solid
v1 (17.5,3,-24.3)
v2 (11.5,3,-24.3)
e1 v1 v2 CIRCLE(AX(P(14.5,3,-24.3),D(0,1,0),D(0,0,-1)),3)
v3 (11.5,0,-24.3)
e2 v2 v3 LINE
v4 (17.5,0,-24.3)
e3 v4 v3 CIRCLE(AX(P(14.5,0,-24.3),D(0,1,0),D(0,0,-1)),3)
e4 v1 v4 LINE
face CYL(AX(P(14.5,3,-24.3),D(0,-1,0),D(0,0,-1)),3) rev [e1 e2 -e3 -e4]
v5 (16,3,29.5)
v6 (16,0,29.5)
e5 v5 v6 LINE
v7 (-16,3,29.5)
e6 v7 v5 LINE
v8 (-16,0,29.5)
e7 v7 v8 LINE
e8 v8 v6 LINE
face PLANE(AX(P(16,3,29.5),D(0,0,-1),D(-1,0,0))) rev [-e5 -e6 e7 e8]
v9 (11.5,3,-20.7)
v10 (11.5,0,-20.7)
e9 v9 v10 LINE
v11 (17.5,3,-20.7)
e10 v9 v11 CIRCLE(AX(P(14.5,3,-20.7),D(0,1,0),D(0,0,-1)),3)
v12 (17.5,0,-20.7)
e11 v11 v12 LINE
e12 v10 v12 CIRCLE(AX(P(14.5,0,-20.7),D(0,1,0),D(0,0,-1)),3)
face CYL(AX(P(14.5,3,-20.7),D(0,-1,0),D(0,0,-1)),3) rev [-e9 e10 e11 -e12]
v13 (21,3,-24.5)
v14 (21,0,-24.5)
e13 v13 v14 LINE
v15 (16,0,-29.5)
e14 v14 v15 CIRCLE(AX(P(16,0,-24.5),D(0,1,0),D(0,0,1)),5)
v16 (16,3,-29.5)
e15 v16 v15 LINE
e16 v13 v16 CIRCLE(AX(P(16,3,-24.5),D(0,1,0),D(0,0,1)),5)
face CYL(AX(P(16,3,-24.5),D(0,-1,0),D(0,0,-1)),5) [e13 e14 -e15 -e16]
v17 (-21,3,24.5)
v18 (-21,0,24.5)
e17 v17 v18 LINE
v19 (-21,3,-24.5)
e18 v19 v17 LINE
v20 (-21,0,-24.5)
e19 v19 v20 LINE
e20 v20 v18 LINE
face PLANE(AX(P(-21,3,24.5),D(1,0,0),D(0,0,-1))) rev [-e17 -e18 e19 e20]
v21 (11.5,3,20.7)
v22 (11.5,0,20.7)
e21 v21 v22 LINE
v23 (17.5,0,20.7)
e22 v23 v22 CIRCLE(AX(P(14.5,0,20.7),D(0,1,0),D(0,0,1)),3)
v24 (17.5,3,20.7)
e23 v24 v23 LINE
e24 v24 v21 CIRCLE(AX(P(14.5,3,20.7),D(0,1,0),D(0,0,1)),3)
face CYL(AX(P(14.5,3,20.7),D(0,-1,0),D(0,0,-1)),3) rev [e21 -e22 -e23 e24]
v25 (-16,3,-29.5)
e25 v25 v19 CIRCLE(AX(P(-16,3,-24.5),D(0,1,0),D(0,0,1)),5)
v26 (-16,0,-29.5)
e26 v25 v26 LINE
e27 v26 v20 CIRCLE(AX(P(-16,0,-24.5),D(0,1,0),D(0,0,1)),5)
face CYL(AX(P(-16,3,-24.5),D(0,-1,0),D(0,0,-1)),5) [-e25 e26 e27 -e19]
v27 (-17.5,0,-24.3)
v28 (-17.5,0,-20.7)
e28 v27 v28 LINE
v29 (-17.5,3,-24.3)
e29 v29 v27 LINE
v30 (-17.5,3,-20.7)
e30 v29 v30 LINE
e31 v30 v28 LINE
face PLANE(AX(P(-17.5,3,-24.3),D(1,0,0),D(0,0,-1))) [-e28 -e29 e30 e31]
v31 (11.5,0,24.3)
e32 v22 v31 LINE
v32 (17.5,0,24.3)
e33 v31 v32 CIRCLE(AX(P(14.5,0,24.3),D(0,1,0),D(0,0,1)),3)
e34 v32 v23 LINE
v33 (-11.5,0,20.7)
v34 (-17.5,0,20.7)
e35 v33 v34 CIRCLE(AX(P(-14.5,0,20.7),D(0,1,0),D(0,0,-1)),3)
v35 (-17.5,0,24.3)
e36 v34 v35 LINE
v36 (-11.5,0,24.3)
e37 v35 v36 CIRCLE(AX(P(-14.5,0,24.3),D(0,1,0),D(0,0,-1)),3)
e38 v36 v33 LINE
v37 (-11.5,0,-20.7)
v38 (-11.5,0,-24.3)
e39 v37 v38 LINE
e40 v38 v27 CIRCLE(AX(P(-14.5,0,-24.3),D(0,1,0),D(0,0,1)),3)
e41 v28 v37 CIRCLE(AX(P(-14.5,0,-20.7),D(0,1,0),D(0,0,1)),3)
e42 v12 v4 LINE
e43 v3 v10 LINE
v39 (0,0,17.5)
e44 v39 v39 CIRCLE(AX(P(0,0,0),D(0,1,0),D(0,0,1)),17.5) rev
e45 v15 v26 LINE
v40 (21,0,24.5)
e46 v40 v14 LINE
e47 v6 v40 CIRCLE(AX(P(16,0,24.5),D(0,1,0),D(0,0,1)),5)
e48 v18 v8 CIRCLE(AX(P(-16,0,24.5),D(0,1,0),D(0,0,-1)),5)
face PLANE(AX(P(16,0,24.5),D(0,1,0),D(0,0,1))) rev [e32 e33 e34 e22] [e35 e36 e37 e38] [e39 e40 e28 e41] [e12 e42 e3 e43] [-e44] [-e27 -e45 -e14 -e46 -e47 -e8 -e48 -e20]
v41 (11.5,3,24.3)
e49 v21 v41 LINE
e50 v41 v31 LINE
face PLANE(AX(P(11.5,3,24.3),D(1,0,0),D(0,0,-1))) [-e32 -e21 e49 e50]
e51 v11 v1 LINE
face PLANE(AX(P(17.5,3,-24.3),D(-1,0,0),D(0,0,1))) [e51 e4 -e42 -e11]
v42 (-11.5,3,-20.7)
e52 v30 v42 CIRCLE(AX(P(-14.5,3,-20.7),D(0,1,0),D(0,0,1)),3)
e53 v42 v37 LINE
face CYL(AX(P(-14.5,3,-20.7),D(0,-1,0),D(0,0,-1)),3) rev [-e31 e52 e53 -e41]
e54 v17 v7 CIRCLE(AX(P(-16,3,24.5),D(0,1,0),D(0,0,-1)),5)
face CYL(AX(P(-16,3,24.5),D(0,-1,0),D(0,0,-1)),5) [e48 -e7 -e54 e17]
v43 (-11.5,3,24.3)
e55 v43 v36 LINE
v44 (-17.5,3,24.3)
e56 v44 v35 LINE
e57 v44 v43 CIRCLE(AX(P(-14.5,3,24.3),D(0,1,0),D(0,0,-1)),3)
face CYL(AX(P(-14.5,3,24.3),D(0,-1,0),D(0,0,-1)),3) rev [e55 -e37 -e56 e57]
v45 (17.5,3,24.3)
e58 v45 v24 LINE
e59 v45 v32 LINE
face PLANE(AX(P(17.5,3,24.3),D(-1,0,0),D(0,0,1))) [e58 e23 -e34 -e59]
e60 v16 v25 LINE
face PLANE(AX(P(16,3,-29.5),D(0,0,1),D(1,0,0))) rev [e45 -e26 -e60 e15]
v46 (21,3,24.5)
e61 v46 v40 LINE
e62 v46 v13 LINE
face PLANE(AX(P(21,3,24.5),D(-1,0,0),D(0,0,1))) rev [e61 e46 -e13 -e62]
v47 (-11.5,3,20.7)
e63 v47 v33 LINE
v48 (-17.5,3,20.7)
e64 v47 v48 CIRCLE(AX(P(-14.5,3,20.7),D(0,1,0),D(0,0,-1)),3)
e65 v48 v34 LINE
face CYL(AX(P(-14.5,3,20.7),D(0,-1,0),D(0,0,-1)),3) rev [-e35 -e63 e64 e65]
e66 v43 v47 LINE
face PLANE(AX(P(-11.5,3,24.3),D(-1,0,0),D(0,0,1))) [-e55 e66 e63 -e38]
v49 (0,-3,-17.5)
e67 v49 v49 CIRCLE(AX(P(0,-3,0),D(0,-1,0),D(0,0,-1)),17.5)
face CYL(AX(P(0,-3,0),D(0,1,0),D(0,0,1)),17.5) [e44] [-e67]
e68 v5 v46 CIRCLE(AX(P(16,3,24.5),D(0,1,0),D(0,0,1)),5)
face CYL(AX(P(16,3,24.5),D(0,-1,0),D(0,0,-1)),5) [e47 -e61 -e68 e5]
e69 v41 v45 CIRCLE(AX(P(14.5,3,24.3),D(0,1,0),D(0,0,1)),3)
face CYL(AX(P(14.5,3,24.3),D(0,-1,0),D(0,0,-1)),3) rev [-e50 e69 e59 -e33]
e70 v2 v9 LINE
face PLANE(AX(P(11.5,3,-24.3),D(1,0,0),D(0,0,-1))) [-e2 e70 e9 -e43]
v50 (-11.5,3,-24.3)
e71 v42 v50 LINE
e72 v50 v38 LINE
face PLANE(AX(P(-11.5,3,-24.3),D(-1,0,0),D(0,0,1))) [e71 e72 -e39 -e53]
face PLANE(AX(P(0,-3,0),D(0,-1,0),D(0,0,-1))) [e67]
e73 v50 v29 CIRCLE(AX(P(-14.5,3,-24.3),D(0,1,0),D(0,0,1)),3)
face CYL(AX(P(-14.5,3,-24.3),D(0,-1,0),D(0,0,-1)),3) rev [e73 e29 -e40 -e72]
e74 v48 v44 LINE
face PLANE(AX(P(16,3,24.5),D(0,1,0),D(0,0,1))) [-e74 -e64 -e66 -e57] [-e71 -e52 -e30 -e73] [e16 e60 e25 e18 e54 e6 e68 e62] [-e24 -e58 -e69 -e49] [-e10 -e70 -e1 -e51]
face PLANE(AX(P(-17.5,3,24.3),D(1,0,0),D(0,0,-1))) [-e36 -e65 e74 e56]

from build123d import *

# Parameters (mm, degrees)
EXTRUDE_1_DEPTH = 3
SKETCH_2_R      = 17.5
EXTRUDE_2_DEPTH = 3


with BuildPart() as part:
    # 草图1 → 凸台-拉伸1 (new body)
    with BuildSketch(Plane(origin=(0, 0, 0), x_dir=(1, 0, 0), z_dir=(0, 1, 0))):
        with BuildLine():
            Line((16, -29.5), (-16, -29.5))
            ThreePointArc((-16, -29.5), (-19.535533906, -28.035533906), (-21, -24.5))
            Line((-21, -24.5), (-21, 24.5))
            ThreePointArc((-21, 24.5), (-19.535533906, 28.035533906), (-16, 29.5))
            Line((-16, 29.5), (16, 29.5))
            ThreePointArc((16, 29.5), (19.535533906, 28.035533906), (21, 24.5))
            Line((21, 24.5), (21, -24.5))
            ThreePointArc((21, -24.5), (19.535533906, -28.035533906), (16, -29.5))
        make_face()
        with BuildLine():
            Line((-11.5, 24.3), (-11.5, 20.7))
            ThreePointArc((-11.5, 20.7), (-14.5, 17.7), (-17.5, 20.7))
            Line((-17.5, 20.7), (-17.5, 24.3))
            ThreePointArc((-17.5, 24.3), (-14.5, 27.3), (-11.5, 24.3))
        make_face(mode=Mode.SUBTRACT)
        with BuildLine():
            Line((11.5, 24.3), (11.5, 20.7))
            ThreePointArc((11.5, 20.7), (14.5, 17.7), (17.5, 20.7))
            Line((17.5, 20.7), (17.5, 24.3))
            ThreePointArc((17.5, 24.3), (14.5, 27.3), (11.5, 24.3))
        make_face(mode=Mode.SUBTRACT)
        with BuildLine():
            Line((-11.5, -24.3), (-11.5, -20.7))
            ThreePointArc((-11.5, -20.7), (-14.5, -17.7), (-17.5, -20.7))
            Line((-17.5, -20.7), (-17.5, -24.3))
            ThreePointArc((-17.5, -24.3), (-14.5, -27.3), (-11.5, -24.3))
        make_face(mode=Mode.SUBTRACT)
        with BuildLine():
            Line((11.5, -24.3), (11.5, -20.7))
            ThreePointArc((11.5, -20.7), (14.5, -17.7), (17.5, -20.7))
            Line((17.5, -20.7), (17.5, -24.3))
            ThreePointArc((17.5, -24.3), (14.5, -27.3), (11.5, -24.3))
        make_face(mode=Mode.SUBTRACT)
    extrude(amount=EXTRUDE_1_DEPTH)

    # 草图2 → 凸台-拉伸2 (add)
    with BuildSketch(Plane.XZ):
        with Locations(Location((0, 0, 0), (0, 0, 90))):
            Circle(SKETCH_2_R)
    extrude(amount=EXTRUDE_2_DEPTH)


solid = part.part
